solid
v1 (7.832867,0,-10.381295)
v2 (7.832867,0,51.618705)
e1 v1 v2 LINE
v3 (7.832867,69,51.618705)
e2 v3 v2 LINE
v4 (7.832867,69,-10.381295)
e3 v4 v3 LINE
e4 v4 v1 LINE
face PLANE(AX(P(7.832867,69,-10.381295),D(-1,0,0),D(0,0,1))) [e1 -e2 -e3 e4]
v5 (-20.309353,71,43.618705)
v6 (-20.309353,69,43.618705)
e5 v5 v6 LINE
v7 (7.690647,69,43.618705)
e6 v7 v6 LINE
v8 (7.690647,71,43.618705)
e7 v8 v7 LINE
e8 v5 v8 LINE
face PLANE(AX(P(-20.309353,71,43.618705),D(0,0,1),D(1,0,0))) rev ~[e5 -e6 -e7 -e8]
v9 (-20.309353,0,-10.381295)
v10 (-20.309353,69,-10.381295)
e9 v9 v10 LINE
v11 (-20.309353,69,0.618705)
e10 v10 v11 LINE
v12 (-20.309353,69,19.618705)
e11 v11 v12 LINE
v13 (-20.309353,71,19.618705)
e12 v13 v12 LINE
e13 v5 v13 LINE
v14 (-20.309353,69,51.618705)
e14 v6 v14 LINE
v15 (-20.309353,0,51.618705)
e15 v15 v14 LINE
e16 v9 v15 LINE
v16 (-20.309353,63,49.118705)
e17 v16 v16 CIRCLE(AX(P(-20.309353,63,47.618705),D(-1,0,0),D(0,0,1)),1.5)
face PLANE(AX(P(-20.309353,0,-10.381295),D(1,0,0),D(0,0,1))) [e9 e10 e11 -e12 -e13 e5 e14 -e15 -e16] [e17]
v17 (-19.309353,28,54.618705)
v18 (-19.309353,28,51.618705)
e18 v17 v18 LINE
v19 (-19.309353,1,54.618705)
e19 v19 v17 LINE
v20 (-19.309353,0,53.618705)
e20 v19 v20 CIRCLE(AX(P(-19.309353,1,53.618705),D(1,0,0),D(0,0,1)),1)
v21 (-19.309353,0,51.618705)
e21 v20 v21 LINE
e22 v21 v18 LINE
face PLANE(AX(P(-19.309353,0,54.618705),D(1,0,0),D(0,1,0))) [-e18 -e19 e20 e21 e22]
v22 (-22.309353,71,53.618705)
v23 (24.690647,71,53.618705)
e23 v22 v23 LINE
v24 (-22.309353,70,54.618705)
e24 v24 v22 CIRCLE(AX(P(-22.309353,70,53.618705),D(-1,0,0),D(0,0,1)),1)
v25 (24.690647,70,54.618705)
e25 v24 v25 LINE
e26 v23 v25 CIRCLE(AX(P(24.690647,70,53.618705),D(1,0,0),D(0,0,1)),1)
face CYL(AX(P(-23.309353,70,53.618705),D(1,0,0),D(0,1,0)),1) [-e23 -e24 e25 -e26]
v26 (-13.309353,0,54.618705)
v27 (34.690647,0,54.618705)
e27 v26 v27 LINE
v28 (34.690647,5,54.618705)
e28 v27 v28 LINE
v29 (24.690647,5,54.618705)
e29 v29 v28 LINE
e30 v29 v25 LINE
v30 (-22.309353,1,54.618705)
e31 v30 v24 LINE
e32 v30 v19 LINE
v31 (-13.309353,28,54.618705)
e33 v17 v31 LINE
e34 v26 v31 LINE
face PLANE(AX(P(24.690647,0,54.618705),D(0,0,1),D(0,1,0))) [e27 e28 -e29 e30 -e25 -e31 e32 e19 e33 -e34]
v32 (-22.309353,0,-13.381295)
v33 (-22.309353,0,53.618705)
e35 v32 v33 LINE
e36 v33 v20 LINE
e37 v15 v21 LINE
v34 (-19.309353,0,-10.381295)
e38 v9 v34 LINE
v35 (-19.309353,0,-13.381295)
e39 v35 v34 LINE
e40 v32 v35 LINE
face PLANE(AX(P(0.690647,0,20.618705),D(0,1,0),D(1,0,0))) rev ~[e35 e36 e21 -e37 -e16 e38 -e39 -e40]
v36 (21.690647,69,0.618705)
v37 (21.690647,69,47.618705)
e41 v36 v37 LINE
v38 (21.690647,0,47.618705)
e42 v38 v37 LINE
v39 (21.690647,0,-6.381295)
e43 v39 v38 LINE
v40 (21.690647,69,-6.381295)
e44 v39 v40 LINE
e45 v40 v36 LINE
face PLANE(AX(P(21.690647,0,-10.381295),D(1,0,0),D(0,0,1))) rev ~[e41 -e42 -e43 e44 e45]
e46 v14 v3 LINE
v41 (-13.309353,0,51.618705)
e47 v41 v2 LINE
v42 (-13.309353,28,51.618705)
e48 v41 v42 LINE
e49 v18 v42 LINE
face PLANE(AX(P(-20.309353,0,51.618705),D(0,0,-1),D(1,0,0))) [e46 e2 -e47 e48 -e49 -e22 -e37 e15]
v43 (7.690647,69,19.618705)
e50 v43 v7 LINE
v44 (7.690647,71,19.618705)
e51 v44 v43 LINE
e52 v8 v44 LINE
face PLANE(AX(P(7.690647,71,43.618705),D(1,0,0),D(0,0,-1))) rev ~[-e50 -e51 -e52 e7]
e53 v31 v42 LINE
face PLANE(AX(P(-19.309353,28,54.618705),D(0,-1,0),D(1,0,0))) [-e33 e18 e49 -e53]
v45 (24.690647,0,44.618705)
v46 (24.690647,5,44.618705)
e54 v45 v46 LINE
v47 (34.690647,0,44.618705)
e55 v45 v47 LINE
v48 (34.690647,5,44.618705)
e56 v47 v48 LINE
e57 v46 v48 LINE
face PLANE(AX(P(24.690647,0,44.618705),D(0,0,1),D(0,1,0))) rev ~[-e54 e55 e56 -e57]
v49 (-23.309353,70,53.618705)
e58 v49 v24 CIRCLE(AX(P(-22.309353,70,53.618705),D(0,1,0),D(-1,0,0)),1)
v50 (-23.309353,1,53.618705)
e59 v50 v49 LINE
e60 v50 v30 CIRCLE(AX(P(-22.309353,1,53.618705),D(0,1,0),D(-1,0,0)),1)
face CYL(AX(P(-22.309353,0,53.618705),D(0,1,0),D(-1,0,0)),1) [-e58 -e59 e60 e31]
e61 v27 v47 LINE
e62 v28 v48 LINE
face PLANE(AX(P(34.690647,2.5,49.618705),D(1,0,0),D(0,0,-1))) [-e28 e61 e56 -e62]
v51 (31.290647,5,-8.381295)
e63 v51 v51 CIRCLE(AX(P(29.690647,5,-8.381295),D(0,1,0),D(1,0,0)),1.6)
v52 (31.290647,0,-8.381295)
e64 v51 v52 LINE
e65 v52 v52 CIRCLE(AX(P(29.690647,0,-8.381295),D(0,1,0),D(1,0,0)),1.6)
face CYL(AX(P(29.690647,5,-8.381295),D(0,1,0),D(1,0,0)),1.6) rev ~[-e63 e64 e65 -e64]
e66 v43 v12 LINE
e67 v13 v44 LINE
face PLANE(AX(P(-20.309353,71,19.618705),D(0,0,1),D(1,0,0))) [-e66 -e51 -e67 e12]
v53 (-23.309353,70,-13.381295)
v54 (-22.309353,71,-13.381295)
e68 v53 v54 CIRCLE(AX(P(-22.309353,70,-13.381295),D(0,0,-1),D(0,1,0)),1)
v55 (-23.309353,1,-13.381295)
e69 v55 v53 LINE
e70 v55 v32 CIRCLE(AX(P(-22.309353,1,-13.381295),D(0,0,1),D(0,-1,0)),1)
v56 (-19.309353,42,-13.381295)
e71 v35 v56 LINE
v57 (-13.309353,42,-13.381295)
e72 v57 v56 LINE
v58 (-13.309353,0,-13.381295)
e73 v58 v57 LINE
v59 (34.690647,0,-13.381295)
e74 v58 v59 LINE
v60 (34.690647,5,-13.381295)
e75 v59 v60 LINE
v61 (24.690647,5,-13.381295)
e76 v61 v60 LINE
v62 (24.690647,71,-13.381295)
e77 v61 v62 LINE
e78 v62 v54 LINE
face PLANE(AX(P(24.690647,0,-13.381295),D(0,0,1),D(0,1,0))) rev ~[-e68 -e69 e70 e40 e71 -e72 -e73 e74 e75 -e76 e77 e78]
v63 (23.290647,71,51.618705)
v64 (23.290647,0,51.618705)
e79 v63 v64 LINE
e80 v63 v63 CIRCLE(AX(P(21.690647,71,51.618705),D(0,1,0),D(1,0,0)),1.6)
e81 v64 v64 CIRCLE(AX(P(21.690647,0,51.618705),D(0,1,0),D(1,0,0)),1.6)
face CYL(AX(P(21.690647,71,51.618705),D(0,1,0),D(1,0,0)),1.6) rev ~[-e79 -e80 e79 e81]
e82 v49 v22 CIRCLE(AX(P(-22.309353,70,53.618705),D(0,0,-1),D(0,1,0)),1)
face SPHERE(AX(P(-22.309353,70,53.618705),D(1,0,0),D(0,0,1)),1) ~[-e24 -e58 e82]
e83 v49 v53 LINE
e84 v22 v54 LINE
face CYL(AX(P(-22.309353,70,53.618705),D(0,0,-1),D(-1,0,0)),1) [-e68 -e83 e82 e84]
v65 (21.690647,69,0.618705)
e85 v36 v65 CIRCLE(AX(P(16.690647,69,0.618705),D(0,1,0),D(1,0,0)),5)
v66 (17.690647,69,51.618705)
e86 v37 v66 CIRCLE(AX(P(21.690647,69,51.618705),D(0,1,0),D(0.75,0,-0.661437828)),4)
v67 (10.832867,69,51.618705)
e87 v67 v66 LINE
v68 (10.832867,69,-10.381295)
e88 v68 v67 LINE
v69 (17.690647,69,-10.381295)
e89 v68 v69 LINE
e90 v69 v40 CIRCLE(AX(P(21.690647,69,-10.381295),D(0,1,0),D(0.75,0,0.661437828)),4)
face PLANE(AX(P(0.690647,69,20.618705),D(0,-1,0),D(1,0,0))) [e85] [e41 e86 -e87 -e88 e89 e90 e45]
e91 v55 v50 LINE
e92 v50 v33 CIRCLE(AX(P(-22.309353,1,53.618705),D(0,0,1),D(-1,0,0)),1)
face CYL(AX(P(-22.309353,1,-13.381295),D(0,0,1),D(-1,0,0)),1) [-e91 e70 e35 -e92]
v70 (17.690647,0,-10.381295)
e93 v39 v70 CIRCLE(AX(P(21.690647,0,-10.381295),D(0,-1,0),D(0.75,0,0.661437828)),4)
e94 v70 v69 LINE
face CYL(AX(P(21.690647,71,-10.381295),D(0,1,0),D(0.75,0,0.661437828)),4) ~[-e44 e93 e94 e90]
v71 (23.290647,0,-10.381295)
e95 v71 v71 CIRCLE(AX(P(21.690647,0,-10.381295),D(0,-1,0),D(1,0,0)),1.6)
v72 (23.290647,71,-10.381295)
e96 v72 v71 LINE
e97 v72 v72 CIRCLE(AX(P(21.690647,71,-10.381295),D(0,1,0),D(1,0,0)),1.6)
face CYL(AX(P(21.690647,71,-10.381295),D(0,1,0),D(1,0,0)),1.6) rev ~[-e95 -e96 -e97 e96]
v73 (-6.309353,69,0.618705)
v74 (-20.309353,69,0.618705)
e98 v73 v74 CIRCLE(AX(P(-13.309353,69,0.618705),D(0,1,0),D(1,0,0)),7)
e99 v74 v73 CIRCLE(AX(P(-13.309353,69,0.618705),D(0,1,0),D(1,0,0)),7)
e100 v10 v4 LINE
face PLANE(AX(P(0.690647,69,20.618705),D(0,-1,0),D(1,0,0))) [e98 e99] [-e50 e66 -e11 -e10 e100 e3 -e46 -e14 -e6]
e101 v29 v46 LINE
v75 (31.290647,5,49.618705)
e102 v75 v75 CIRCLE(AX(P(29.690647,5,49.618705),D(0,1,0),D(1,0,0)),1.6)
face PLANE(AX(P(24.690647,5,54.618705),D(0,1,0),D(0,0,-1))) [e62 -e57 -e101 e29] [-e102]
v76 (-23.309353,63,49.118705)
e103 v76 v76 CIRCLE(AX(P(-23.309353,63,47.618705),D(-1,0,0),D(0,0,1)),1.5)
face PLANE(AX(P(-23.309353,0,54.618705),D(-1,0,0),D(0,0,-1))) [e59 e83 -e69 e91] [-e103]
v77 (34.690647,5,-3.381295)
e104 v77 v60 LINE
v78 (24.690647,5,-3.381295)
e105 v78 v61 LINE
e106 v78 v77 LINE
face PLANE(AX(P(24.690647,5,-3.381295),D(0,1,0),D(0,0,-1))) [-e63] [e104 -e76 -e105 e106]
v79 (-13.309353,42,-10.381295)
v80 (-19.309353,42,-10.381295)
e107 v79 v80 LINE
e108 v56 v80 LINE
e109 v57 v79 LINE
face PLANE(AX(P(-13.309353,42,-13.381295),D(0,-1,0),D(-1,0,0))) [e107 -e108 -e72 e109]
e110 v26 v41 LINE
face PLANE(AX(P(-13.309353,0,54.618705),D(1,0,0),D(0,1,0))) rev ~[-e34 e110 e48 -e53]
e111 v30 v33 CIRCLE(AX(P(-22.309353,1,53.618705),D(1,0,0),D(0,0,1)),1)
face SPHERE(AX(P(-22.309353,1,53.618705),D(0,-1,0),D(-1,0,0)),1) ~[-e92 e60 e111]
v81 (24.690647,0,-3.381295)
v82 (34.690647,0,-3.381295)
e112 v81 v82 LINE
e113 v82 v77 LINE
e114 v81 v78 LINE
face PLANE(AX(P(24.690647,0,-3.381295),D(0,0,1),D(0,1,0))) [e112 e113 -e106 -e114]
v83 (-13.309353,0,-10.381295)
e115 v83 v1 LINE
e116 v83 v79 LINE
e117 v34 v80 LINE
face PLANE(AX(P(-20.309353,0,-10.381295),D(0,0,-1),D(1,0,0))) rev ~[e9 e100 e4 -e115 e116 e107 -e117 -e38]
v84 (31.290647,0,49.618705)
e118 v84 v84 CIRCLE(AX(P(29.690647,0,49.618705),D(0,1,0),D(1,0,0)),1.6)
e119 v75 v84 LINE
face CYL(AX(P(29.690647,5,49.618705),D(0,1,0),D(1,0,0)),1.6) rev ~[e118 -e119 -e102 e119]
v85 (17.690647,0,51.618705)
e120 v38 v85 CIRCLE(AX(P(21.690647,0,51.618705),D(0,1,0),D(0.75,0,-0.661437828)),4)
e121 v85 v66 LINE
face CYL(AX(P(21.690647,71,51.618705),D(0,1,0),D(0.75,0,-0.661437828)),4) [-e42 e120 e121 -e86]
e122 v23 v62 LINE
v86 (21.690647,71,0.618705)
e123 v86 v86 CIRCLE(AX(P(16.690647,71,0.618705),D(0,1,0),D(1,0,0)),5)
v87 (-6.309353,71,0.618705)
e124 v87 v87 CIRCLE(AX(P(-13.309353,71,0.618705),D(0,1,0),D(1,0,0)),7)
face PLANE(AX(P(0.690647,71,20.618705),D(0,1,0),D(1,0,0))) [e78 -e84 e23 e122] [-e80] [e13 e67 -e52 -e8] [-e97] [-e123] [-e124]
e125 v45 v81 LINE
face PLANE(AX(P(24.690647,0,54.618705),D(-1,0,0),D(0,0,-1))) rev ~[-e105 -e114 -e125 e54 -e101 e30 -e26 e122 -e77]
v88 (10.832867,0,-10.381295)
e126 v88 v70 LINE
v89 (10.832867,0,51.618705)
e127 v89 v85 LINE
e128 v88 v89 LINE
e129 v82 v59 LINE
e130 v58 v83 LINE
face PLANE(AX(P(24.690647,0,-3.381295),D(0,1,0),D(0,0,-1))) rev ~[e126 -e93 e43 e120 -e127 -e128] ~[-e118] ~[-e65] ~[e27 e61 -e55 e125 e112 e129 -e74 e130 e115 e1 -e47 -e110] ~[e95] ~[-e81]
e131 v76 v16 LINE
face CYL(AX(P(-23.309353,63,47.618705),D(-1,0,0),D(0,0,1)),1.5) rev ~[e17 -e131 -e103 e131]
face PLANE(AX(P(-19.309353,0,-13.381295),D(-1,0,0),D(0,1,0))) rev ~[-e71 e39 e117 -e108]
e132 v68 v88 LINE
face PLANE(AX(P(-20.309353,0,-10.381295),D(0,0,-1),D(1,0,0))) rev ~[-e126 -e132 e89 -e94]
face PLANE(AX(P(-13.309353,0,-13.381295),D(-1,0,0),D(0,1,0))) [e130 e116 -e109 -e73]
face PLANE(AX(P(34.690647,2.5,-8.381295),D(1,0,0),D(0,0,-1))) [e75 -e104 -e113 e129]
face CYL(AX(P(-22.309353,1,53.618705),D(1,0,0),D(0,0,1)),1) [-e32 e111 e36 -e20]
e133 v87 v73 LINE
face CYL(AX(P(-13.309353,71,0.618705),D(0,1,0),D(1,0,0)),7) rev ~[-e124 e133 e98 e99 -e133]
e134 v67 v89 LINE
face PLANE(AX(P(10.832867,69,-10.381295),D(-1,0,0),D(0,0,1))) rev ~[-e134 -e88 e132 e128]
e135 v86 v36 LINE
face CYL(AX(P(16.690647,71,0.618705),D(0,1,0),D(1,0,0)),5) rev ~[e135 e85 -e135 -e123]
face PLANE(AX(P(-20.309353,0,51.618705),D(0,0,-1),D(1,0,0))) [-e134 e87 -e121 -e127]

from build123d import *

# Parameters (mm, degrees)
SKETCH1_W           = 48
SKETCH1_H           = 68
BOSS_EXTRUDE1_DEPTH = 71
SKETCH2_W           = 42
SKETCH2_H           = 62
CUT_EXTRUDE1_DEPTH  = 69
SKETCH3_R           = 7
SKETCH3_R_2         = 5
SKETCH3_W           = 28
SKETCH3_H           = 24
CUT_EXTRUDE2_DEPTH  = 3
SKETCH4_W           = 6
SKETCH4_H           = 42
CUT_EXTRUDE3_DEPTH  = 3
SKETCH5_W           = 6
SKETCH5_H           = 28
CUT_EXTRUDE4_DEPTH  = 3
SKETCH6_W           = 3
SKETCH6_H           = 62
BOSS_EXTRUDE2_DEPTH = 69
SKETCH7_R           = 1.5
CUT_EXTRUDE5_DEPTH  = 3
SKETCH11_R          = 1.6
BOSS_EXTRUDE3_DEPTH = 71
SKETCH12_R          = 1.6
CUT_EXTRUDE6_DEPTH  = 71
BOSS_EXTRUDE4_DEPTH = 71
SKETCH14_R          = 1.6
CUT_EXTRUDE7_DEPTH  = 71
FILLET2_R           = 1
FILLET3_R           = 1
FILLET5_R           = 1
SKETCH17_W          = 10
SKETCH17_H          = 5
BOSS_EXTRUDE5_DEPTH = 10
SKETCH18_R          = 1.6
CUT_EXTRUDE8_DEPTH  = 5
SKETCH19_W          = 10
SKETCH19_H          = 5
BOSS_EXTRUDE6_DEPTH = 10
SKETCH20_R          = 1.6
CUT_EXTRUDE10_DEPTH = 5


with BuildPart() as part:
    # Sketch1 → Boss-Extrude1 (new body)
    with BuildSketch(Plane(origin=(0, 0, 0), x_dir=(1, 0, 0), z_dir=(0, 1, 0))):
        with Locations((0.690647482, -20.618705036)):
            Rectangle(SKETCH1_W, SKETCH1_H)
    extrude(amount=BOSS_EXTRUDE1_DEPTH)

    # Sketch2 → Cut-Extrude1 (cut)
    with BuildSketch(Plane.XZ):
        with Locations((0.690647482, 20.618705036)):
            Rectangle(SKETCH2_W, SKETCH2_H)
    extrude(amount=-CUT_EXTRUDE1_DEPTH, mode=Mode.SUBTRACT)

    # Sketch3 → Cut-Extrude2 (cut)
    with BuildSketch(Plane(origin=(0, 71, 0), x_dir=(1, 0, 0), z_dir=(0, 1, 0))):
        with Locations((-13.309352518, -0.618705036)):
            Circle(SKETCH3_R)
        with Locations((16.690647482, -0.618705036)):
            Circle(SKETCH3_R_2)
        with Locations((-6.309352518, -31.618705036)):
            Rectangle(SKETCH3_W, SKETCH3_H)
    extrude(amount=-CUT_EXTRUDE2_DEPTH, mode=Mode.SUBTRACT)

    # Sketch4 → Cut-Extrude3 (cut)
    with BuildSketch(Plane(origin=(0, 0, -13.381294964), x_dir=(-1, 0, 0), z_dir=(0, 0, -1))):
        with Locations((16.309352518, 21)):
            Rectangle(SKETCH4_W, SKETCH4_H)
    extrude(amount=-CUT_EXTRUDE3_DEPTH, mode=Mode.SUBTRACT)

    # Sketch5 → Cut-Extrude4 (cut)
    with BuildSketch(Plane.XY.offset(54.618705036)):
        with Locations((-16.309352518, 14)):
            Rectangle(SKETCH5_W, SKETCH5_H)
    extrude(amount=-CUT_EXTRUDE4_DEPTH, mode=Mode.SUBTRACT)

    # Sketch6 → Boss-Extrude2 (add)
    with BuildSketch(Plane.XZ.offset(-69)):
        with Locations((9.33286699, 20.618705036)):
            Rectangle(SKETCH6_W, SKETCH6_H)
    extrude(amount=BOSS_EXTRUDE2_DEPTH)

    # Sketch7 → Cut-Extrude5 (cut)
    with BuildSketch(Plane.ZY.offset(23.309352518)):
        with Locations((47.618705036, 63)):
            Circle(SKETCH7_R)
    extrude(amount=-CUT_EXTRUDE5_DEPTH, mode=Mode.SUBTRACT)

    # Sketch11 → Boss-Extrude3 (add)
    with BuildSketch(Plane(origin=(0, 71, 0), x_dir=(1, 0, 0), z_dir=(0, 1, 0))):
        with BuildLine():
            Line((19.044896171, 13.381294964), (24.690647482, 13.381294964))
            Line((24.690647482, 13.381294964), (24.690647482, 7.735543653))
            ThreePointArc((24.690647482, 7.735543653), (18.862220357, 7.552867839), (19.044896171, 13.381294964))
        make_face()
        with Locations((21.690647482, 10.381294964)):
            Circle(SKETCH11_R, mode=Mode.SUBTRACT)
    extrude(amount=-BOSS_EXTRUDE3_DEPTH)

    # Sketch12 → Cut-Extrude6 (cut)
    with BuildSketch(Plane(origin=(0, 71, 0), x_dir=(1, 0, 0), z_dir=(0, 1, 0))):
        with Locations((21.690647482, 10.381294964)):
            Circle(SKETCH12_R)
    extrude(amount=-CUT_EXTRUDE6_DEPTH, mode=Mode.SUBTRACT)

    # Sketch13 → Boss-Extrude4 (add)
    with BuildSketch(Plane(origin=(0, 71, 0), x_dir=(1, 0, 0), z_dir=(0, 1, 0))):
        with BuildLine():
            Line((19.044896171, -54.618705036), (24.690647482, -54.618705036))
            Line((24.690647482, -54.618705036), (24.690647482, -48.972953725))
            ThreePointArc((24.690647482, -48.972953725), (18.862220357, -48.790277911), (19.044896171, -54.618705036))
        make_face()
    extrude(amount=-BOSS_EXTRUDE4_DEPTH)

    # Sketch14 → Cut-Extrude7 (cut)
    with BuildSketch(Plane(origin=(0, 71, 0), x_dir=(1, 0, 0), z_dir=(0, 1, 0))):
        with Locations((21.690647482, -51.618705036)):
            Circle(SKETCH14_R)
    extrude(amount=-CUT_EXTRUDE7_DEPTH, mode=Mode.SUBTRACT)

    # Fillet2
    fillet2_edges = [part.edges().sort_by_distance(p)[0] for p in [
        (0.690647482, 71, 54.618705036),
    ]]
    fillet(fillet2_edges, radius=FILLET2_R)

    # Fillet3
    fillet3_edges = [part.edges().sort_by_distance(p)[0] for p in [
        (-23.309352518, 35, 54.618705036),
        (-23.309352518, 70.707106781, 54.325811817),
        (-23.309352518, 71, 20.118705036),
    ]]
    fillet(fillet3_edges, radius=FILLET3_R)

    # Fillet5
    fillet5_edges = [part.edges().sort_by_distance(p)[0] for p in [
        (-20.809352518, 0, 54.618705036),
        (-23.016459299, 0, 54.325811817),
        (-23.309352518, 0, 20.118705036),
    ]]
    fillet(fillet5_edges, radius=FILLET5_R)

    # Sketch17 → Boss-Extrude5 (add)
    with BuildSketch(Plane(origin=(24.690647482, 0, 0), x_dir=(0, 0, -1), z_dir=(1, 0, 0))):
        with Locations((-49.618705036, 2.5)):
            Rectangle(SKETCH17_W, SKETCH17_H)
    extrude(amount=BOSS_EXTRUDE5_DEPTH)

    # Sketch18 → Cut-Extrude8 (cut)
    with BuildSketch(Plane(origin=(0, 5, 0), x_dir=(1, 0, 0), z_dir=(0, 1, 0))):
        with Locations((29.690647482, -49.618705036)):
            Circle(SKETCH18_R)
    extrude(amount=-CUT_EXTRUDE8_DEPTH, mode=Mode.SUBTRACT)

    # Sketch19 → Boss-Extrude6 (add)
    with BuildSketch(Plane(origin=(24.690647482, 0, 0), x_dir=(0, 0, -1), z_dir=(1, 0, 0))):
        with Locations((8.381294964, 2.5)):
            Rectangle(SKETCH19_W, SKETCH19_H)
    extrude(amount=BOSS_EXTRUDE6_DEPTH)

    # Sketch20 → Cut-Extrude10 (cut)
    with BuildSketch(Plane(origin=(0, 5, 0), x_dir=(1, 0, 0), z_dir=(0, 1, 0))):
        with Locations((29.690647482, 8.381294964)):
            Circle(SKETCH20_R)
    extrude(amount=-CUT_EXTRUDE10_DEPTH, mode=Mode.SUBTRACT)


solid = part.part
